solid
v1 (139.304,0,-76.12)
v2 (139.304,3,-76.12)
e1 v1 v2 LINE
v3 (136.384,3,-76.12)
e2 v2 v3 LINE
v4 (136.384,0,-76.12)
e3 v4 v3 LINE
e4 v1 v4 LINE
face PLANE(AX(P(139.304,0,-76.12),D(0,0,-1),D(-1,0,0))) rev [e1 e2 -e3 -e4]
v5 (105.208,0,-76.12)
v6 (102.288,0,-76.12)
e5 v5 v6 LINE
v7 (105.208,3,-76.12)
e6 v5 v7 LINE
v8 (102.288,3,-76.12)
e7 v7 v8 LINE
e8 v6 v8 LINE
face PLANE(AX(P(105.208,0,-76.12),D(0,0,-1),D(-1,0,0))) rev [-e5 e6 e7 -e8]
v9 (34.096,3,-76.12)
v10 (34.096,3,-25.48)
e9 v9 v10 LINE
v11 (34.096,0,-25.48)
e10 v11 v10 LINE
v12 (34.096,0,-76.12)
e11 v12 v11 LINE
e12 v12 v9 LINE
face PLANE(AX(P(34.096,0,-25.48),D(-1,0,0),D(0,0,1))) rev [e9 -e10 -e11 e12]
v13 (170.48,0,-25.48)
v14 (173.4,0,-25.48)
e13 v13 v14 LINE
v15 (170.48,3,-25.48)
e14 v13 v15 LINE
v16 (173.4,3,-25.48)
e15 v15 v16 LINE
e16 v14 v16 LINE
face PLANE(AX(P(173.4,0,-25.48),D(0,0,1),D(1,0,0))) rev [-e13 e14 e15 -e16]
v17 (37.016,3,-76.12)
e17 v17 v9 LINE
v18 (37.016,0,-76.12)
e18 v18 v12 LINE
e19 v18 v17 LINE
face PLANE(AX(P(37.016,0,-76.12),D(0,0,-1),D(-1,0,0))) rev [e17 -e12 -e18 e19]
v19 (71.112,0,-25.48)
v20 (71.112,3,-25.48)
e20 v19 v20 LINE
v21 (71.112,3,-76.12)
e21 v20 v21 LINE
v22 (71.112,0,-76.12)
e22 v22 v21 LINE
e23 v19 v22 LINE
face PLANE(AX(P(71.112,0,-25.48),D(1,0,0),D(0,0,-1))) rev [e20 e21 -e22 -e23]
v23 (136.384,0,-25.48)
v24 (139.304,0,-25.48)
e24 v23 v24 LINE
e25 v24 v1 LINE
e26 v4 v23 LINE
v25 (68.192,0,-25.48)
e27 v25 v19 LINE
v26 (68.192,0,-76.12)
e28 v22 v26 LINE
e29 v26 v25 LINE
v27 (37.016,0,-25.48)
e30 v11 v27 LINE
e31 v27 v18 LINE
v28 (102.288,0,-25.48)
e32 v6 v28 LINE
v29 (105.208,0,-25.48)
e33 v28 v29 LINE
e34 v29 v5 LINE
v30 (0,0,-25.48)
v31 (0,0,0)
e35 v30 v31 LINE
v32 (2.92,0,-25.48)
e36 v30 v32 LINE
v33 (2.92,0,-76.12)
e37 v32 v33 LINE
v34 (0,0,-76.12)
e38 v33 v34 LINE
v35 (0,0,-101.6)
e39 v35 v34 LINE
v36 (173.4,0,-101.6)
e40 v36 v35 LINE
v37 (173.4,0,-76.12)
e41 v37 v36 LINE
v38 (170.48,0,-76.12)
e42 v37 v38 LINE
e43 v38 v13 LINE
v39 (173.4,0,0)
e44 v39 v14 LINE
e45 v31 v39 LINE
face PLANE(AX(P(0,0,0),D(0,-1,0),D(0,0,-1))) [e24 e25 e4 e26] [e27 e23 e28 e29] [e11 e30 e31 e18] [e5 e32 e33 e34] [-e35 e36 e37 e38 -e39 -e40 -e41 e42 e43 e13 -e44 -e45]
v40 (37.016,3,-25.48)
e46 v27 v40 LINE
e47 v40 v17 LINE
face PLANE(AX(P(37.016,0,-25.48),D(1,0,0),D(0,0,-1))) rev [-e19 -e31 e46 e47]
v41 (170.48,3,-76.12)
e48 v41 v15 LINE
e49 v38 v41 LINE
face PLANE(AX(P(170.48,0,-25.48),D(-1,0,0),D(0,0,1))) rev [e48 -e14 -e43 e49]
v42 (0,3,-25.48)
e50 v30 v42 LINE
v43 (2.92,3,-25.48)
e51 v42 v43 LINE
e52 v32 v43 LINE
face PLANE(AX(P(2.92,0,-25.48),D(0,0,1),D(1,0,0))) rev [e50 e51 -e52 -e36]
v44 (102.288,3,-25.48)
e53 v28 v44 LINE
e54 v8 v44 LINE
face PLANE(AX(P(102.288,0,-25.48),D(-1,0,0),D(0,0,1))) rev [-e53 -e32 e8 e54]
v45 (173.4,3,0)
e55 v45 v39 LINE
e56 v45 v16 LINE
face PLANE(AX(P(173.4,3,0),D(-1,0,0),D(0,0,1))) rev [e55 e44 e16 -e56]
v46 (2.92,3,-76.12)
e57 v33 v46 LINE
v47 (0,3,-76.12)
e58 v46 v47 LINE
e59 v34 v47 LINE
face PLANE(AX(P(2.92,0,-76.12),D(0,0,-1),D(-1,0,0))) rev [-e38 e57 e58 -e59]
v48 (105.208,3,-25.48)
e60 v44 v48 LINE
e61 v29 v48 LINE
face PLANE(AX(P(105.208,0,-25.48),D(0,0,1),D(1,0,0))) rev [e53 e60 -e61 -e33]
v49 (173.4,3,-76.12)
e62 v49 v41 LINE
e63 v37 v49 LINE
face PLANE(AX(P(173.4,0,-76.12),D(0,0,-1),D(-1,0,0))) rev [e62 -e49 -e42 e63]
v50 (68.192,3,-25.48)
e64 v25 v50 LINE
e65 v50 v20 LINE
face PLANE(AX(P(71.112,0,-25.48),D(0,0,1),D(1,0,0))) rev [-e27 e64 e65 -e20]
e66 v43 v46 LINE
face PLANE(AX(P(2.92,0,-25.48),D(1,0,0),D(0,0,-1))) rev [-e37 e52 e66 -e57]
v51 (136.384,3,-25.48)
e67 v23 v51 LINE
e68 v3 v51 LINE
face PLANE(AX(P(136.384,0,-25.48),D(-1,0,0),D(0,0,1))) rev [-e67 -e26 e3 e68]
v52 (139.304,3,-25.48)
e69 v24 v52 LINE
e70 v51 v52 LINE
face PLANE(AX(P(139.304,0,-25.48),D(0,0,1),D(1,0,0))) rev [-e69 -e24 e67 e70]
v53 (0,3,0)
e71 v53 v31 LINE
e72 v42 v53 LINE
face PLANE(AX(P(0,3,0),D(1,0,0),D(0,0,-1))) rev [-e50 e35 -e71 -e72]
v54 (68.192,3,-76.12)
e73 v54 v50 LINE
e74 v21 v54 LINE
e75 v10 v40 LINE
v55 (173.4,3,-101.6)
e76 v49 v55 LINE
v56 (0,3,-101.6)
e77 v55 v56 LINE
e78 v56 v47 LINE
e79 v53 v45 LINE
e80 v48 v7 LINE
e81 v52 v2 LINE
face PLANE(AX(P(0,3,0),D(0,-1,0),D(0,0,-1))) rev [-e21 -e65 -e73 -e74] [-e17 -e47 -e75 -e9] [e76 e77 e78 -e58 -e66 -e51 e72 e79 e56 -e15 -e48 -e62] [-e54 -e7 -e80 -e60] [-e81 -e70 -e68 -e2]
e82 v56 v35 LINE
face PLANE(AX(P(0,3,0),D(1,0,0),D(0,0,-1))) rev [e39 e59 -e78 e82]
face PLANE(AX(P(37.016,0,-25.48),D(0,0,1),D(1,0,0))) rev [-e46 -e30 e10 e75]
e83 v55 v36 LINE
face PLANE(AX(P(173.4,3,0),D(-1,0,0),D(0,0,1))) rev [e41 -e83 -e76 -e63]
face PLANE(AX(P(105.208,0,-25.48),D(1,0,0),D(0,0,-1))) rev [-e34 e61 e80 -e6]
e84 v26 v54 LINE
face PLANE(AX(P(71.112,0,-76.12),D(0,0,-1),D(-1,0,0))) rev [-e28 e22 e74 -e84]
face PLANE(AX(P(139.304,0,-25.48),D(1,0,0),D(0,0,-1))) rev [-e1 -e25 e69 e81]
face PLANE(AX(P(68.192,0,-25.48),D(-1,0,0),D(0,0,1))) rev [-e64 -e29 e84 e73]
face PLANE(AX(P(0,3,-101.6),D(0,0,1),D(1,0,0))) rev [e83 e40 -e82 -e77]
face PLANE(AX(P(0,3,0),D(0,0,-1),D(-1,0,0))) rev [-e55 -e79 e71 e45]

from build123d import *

# Parameters (mm, degrees)
SKETCH1_W           = 173.4
SKETCH1_H           = 101.6
BOSS_EXTRUDE1_DEPTH = 3
SKETCH2_W           = 2.92
SKETCH2_H           = 50.64
CUT_EXTRUDE1_DEPTH  = 3
LPATTERN1_COUNT     = 6
LPATTERN1_PITCH     = 34.096


with BuildPart() as part:
    # Sketch1 → Boss-Extrude1 (new body)
    with BuildSketch(Plane(origin=(0, 0, 0), x_dir=(1, 0, 0), z_dir=(0, 1, 0))):
        with Locations((86.7, 50.8)):
            Rectangle(SKETCH1_W, SKETCH1_H)
    extrude(amount=BOSS_EXTRUDE1_DEPTH)

    # Sketch2 → Cut-Extrude1 (cut)
    with BuildSketch(Plane(origin=(0, 3, 0), x_dir=(1, 0, 0), z_dir=(0, 1, 0))):
        with Locations((1.46, 50.8)):
            Rectangle(SKETCH2_W, SKETCH2_H)
    cut_extrude1 = extrude(amount=-CUT_EXTRUDE1_DEPTH, mode=Mode.SUBTRACT)

    # LPattern1: Cut-Extrude1 ×6
    with Locations(*[(i * LPATTERN1_PITCH, 0, 0) for i in range(1, LPATTERN1_COUNT)]):
        add(cut_extrude1, mode=Mode.SUBTRACT)


solid = part.part
